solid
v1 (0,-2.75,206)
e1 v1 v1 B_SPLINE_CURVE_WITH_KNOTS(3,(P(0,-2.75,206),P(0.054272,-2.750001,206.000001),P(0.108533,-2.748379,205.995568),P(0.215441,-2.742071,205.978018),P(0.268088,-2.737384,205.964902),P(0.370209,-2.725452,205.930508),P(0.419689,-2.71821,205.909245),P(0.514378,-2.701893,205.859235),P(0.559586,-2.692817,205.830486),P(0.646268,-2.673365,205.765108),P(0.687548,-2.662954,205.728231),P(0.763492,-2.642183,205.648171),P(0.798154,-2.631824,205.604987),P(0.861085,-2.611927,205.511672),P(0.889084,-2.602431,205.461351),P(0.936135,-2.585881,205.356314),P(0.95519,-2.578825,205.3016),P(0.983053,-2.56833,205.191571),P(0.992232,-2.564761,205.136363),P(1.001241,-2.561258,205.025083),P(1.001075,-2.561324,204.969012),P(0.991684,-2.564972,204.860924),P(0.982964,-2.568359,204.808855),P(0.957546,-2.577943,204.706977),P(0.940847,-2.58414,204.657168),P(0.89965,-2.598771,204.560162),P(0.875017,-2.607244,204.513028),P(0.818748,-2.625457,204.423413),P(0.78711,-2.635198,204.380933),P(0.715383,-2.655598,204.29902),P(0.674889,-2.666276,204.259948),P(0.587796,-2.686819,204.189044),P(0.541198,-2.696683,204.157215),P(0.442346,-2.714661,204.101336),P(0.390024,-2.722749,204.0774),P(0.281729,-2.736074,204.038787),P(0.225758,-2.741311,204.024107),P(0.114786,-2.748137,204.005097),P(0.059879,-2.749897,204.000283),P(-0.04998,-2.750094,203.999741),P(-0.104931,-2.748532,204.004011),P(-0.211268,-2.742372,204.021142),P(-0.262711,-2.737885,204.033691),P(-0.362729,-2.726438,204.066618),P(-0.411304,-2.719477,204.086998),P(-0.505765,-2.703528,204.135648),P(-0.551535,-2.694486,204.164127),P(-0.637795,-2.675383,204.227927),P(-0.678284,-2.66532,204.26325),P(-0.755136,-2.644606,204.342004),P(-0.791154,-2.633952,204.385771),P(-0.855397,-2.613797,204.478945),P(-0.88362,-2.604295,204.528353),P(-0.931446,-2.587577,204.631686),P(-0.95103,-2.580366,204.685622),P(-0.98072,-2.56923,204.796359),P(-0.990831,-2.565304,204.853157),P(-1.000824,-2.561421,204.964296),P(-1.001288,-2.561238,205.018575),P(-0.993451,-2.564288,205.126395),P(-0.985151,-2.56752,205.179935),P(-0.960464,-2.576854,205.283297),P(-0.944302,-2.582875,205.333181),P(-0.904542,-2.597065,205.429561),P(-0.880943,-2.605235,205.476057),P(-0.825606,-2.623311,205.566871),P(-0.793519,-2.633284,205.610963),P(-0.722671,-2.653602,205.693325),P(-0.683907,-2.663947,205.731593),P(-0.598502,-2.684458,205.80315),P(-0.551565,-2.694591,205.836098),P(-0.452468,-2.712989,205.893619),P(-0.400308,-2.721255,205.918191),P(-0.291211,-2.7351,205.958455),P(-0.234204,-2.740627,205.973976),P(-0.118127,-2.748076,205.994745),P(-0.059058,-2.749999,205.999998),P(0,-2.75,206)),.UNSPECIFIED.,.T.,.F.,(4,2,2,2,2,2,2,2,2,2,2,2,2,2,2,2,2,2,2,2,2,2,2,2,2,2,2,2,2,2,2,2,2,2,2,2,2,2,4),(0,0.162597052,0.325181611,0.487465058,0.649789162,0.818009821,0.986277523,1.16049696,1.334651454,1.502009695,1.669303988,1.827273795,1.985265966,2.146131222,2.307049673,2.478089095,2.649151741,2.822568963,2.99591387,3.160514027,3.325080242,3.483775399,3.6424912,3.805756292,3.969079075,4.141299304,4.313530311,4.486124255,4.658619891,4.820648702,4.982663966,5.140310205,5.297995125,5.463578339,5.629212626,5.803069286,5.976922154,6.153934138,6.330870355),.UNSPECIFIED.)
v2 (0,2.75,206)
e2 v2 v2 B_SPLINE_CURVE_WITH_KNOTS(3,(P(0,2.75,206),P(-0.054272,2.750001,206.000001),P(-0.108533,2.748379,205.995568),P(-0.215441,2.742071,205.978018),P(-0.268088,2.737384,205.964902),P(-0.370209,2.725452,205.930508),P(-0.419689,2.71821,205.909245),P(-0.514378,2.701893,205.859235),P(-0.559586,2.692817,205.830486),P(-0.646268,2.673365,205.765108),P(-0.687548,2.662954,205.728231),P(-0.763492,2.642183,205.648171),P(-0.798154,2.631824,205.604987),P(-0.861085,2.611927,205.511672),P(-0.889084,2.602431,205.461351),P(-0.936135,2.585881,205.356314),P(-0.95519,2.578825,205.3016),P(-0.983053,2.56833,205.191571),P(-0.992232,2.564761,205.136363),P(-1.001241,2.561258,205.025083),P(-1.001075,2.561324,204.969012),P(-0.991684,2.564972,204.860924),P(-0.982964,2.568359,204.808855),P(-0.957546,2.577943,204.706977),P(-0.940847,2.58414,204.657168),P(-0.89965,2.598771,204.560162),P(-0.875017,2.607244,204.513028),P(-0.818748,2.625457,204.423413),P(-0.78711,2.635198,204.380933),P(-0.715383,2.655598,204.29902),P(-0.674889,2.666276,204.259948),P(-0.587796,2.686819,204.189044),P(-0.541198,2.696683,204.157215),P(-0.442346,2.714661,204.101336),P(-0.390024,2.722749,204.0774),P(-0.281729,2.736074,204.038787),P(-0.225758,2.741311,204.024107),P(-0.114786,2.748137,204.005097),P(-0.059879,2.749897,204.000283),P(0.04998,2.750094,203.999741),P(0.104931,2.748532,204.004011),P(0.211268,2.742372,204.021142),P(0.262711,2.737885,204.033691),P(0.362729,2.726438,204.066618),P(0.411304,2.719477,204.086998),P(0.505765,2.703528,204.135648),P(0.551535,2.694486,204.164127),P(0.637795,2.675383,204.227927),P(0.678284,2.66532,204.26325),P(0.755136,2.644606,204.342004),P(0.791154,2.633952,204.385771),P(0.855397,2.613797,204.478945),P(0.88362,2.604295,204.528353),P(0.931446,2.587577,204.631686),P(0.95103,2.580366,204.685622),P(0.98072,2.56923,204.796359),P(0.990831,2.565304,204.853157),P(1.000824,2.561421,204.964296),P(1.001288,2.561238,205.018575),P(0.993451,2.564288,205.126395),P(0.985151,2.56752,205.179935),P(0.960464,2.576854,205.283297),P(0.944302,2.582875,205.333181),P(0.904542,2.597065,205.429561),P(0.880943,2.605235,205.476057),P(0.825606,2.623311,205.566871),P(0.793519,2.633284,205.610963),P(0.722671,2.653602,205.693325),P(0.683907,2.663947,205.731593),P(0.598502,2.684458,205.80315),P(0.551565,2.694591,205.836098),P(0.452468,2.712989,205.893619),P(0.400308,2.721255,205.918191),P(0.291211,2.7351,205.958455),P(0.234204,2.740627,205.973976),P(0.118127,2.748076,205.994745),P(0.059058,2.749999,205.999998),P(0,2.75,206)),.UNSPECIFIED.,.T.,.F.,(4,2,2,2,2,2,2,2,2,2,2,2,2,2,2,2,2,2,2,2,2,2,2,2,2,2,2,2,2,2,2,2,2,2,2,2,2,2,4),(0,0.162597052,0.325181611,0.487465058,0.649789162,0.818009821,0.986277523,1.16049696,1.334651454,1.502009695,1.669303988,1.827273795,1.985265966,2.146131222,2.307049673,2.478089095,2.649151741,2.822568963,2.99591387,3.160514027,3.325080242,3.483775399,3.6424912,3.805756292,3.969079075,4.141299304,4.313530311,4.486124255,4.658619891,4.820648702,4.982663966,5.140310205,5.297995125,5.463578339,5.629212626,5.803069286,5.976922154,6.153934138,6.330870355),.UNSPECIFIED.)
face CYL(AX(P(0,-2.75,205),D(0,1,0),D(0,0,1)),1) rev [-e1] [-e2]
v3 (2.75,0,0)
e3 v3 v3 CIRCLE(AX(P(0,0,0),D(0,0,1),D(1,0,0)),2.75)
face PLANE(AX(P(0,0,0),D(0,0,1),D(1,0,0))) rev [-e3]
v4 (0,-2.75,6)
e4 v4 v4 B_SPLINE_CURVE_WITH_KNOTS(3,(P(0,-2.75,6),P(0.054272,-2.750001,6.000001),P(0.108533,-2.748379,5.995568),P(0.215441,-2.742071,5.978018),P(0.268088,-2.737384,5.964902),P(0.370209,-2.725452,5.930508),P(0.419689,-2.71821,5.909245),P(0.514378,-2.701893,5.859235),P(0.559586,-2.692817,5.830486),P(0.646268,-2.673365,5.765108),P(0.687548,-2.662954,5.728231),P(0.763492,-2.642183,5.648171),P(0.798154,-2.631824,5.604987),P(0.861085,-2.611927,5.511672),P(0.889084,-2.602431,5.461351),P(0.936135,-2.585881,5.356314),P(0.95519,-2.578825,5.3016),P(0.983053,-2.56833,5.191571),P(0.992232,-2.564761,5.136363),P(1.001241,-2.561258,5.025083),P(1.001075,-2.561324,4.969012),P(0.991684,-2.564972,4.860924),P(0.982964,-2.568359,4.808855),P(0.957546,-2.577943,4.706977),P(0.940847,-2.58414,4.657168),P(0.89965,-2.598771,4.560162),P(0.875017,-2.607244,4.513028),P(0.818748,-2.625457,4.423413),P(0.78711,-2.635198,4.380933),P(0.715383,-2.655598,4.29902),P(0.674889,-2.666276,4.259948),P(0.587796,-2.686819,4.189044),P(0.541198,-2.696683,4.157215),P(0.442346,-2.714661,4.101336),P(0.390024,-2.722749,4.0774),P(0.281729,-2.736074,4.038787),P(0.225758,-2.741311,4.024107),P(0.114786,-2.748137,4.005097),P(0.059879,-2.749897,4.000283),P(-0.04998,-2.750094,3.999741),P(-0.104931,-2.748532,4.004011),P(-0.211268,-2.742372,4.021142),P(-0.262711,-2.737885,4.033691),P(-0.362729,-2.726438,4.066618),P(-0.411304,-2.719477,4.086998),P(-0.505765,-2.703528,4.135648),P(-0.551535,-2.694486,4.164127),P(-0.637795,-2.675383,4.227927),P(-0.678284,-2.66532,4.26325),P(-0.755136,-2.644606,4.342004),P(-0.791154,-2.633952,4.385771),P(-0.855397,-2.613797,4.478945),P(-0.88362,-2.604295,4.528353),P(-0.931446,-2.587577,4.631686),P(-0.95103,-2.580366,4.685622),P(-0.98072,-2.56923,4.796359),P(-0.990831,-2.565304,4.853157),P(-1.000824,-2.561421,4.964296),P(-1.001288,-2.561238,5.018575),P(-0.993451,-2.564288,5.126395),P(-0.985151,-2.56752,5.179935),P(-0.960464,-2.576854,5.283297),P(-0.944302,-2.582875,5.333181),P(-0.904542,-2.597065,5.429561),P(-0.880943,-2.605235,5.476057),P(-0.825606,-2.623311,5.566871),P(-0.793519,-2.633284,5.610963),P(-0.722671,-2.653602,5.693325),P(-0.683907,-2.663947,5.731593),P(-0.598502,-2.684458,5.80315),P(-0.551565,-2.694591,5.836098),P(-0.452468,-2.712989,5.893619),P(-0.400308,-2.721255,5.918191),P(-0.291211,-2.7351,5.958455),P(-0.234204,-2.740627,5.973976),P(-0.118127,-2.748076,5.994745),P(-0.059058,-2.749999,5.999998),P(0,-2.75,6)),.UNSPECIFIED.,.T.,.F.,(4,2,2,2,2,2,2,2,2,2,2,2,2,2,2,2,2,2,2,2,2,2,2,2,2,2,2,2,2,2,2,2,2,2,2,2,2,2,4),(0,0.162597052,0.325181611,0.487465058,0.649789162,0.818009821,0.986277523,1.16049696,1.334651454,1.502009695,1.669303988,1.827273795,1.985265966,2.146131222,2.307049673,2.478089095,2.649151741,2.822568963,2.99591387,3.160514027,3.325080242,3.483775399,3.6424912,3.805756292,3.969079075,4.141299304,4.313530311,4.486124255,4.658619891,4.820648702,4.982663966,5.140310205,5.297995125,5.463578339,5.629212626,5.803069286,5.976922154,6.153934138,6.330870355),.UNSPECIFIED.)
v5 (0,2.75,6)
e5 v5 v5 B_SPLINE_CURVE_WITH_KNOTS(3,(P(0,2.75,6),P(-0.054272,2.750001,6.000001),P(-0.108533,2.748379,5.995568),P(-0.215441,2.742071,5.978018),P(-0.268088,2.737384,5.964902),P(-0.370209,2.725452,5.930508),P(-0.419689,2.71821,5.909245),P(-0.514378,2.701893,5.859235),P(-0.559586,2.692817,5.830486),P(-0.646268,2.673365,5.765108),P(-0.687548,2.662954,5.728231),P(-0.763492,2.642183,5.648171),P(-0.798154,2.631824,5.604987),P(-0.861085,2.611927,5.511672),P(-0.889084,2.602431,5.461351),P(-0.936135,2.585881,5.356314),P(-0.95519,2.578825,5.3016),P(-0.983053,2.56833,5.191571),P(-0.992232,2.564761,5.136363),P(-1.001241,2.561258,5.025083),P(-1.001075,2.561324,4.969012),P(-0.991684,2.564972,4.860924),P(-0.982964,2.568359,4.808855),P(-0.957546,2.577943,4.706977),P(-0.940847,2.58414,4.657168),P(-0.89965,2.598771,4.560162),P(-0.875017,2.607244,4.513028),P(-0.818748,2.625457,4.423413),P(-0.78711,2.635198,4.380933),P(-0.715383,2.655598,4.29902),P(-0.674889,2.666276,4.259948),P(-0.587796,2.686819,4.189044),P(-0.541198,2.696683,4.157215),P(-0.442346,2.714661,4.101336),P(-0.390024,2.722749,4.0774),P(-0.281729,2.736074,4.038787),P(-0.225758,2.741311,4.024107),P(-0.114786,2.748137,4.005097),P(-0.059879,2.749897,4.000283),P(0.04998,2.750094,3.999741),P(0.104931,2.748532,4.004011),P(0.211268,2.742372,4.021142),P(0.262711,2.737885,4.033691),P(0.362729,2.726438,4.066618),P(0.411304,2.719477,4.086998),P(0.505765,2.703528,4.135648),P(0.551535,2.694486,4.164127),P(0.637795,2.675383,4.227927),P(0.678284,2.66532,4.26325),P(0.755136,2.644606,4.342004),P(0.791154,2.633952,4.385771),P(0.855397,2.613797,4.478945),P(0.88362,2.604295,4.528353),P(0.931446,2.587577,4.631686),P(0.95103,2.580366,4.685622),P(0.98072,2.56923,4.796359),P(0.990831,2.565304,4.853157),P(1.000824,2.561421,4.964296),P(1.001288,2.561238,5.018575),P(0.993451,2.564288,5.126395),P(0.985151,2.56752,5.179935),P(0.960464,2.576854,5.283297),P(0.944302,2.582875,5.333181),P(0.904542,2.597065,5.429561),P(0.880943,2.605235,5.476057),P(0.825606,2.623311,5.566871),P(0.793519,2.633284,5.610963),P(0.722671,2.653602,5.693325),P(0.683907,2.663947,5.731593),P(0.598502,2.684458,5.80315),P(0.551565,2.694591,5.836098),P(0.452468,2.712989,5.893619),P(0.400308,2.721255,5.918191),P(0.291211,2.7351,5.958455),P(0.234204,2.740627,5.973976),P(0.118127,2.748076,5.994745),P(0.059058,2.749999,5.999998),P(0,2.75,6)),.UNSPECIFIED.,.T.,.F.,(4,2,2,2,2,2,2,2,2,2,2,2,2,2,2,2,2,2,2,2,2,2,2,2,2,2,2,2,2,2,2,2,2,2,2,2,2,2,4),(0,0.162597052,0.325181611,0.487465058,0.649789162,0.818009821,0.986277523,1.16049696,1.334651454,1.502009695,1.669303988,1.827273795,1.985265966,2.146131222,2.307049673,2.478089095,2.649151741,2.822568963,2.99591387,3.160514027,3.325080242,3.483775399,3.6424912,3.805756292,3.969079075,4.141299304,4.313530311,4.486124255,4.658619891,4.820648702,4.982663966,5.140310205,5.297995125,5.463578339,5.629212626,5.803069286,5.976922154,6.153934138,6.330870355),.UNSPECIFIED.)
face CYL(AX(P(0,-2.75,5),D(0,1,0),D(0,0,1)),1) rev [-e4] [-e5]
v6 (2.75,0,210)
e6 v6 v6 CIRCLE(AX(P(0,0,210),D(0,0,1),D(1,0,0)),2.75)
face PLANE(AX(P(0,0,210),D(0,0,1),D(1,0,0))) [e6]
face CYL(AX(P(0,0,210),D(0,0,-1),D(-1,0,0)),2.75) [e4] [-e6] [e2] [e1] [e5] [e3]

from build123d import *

# Parameters (mm, degrees)
SKETCH1_R               = 2.75
BOSS_EXTRUDE1_DEPTH     = 210
CUT_EXTRUDE1_DEPTH      = 211.036008818
CUT_EXTRUDE1_DEPTH_BACK = 211.036008818
SKETCH2_R               = 1
CUT_EXTRUDE2_DEPTH      = 211.03600892
CUT_EXTRUDE2_DEPTH_BACK = 211.03600892
SKETCH3_R               = 1


with BuildPart() as part:
    # Sketch1 → Boss-Extrude1 (new body)
    with BuildSketch(Plane.XY):
        Circle(SKETCH1_R)
    extrude(amount=BOSS_EXTRUDE1_DEPTH)

    # Sketch2 → Cut-Extrude1 (cut, two sides: drawn at the far end of the back side and taken through both)
    with BuildSketch(Plane(origin=(0, 0, 0), x_dir=(1, 0, 0), z_dir=(0, 1, 0)).offset(-CUT_EXTRUDE1_DEPTH_BACK)):
        with Locations(Location((0, -5, 0), (0, 0, 270))):
            Circle(SKETCH2_R)
    extrude(amount=CUT_EXTRUDE1_DEPTH + CUT_EXTRUDE1_DEPTH_BACK, mode=Mode.SUBTRACT)

    # Sketch3 → Cut-Extrude2 (cut, two sides: drawn at the far end of the back side and taken through both)
    with BuildSketch(Plane(origin=(0, 0, 0), x_dir=(1, 0, 0), z_dir=(0, 1, 0)).offset(-CUT_EXTRUDE2_DEPTH_BACK)):
        with Locations(Location((0, -205, 0), (0, 0, 270))):
            Circle(SKETCH3_R)
    extrude(amount=CUT_EXTRUDE2_DEPTH + CUT_EXTRUDE2_DEPTH_BACK, mode=Mode.SUBTRACT)


solid = part.part
